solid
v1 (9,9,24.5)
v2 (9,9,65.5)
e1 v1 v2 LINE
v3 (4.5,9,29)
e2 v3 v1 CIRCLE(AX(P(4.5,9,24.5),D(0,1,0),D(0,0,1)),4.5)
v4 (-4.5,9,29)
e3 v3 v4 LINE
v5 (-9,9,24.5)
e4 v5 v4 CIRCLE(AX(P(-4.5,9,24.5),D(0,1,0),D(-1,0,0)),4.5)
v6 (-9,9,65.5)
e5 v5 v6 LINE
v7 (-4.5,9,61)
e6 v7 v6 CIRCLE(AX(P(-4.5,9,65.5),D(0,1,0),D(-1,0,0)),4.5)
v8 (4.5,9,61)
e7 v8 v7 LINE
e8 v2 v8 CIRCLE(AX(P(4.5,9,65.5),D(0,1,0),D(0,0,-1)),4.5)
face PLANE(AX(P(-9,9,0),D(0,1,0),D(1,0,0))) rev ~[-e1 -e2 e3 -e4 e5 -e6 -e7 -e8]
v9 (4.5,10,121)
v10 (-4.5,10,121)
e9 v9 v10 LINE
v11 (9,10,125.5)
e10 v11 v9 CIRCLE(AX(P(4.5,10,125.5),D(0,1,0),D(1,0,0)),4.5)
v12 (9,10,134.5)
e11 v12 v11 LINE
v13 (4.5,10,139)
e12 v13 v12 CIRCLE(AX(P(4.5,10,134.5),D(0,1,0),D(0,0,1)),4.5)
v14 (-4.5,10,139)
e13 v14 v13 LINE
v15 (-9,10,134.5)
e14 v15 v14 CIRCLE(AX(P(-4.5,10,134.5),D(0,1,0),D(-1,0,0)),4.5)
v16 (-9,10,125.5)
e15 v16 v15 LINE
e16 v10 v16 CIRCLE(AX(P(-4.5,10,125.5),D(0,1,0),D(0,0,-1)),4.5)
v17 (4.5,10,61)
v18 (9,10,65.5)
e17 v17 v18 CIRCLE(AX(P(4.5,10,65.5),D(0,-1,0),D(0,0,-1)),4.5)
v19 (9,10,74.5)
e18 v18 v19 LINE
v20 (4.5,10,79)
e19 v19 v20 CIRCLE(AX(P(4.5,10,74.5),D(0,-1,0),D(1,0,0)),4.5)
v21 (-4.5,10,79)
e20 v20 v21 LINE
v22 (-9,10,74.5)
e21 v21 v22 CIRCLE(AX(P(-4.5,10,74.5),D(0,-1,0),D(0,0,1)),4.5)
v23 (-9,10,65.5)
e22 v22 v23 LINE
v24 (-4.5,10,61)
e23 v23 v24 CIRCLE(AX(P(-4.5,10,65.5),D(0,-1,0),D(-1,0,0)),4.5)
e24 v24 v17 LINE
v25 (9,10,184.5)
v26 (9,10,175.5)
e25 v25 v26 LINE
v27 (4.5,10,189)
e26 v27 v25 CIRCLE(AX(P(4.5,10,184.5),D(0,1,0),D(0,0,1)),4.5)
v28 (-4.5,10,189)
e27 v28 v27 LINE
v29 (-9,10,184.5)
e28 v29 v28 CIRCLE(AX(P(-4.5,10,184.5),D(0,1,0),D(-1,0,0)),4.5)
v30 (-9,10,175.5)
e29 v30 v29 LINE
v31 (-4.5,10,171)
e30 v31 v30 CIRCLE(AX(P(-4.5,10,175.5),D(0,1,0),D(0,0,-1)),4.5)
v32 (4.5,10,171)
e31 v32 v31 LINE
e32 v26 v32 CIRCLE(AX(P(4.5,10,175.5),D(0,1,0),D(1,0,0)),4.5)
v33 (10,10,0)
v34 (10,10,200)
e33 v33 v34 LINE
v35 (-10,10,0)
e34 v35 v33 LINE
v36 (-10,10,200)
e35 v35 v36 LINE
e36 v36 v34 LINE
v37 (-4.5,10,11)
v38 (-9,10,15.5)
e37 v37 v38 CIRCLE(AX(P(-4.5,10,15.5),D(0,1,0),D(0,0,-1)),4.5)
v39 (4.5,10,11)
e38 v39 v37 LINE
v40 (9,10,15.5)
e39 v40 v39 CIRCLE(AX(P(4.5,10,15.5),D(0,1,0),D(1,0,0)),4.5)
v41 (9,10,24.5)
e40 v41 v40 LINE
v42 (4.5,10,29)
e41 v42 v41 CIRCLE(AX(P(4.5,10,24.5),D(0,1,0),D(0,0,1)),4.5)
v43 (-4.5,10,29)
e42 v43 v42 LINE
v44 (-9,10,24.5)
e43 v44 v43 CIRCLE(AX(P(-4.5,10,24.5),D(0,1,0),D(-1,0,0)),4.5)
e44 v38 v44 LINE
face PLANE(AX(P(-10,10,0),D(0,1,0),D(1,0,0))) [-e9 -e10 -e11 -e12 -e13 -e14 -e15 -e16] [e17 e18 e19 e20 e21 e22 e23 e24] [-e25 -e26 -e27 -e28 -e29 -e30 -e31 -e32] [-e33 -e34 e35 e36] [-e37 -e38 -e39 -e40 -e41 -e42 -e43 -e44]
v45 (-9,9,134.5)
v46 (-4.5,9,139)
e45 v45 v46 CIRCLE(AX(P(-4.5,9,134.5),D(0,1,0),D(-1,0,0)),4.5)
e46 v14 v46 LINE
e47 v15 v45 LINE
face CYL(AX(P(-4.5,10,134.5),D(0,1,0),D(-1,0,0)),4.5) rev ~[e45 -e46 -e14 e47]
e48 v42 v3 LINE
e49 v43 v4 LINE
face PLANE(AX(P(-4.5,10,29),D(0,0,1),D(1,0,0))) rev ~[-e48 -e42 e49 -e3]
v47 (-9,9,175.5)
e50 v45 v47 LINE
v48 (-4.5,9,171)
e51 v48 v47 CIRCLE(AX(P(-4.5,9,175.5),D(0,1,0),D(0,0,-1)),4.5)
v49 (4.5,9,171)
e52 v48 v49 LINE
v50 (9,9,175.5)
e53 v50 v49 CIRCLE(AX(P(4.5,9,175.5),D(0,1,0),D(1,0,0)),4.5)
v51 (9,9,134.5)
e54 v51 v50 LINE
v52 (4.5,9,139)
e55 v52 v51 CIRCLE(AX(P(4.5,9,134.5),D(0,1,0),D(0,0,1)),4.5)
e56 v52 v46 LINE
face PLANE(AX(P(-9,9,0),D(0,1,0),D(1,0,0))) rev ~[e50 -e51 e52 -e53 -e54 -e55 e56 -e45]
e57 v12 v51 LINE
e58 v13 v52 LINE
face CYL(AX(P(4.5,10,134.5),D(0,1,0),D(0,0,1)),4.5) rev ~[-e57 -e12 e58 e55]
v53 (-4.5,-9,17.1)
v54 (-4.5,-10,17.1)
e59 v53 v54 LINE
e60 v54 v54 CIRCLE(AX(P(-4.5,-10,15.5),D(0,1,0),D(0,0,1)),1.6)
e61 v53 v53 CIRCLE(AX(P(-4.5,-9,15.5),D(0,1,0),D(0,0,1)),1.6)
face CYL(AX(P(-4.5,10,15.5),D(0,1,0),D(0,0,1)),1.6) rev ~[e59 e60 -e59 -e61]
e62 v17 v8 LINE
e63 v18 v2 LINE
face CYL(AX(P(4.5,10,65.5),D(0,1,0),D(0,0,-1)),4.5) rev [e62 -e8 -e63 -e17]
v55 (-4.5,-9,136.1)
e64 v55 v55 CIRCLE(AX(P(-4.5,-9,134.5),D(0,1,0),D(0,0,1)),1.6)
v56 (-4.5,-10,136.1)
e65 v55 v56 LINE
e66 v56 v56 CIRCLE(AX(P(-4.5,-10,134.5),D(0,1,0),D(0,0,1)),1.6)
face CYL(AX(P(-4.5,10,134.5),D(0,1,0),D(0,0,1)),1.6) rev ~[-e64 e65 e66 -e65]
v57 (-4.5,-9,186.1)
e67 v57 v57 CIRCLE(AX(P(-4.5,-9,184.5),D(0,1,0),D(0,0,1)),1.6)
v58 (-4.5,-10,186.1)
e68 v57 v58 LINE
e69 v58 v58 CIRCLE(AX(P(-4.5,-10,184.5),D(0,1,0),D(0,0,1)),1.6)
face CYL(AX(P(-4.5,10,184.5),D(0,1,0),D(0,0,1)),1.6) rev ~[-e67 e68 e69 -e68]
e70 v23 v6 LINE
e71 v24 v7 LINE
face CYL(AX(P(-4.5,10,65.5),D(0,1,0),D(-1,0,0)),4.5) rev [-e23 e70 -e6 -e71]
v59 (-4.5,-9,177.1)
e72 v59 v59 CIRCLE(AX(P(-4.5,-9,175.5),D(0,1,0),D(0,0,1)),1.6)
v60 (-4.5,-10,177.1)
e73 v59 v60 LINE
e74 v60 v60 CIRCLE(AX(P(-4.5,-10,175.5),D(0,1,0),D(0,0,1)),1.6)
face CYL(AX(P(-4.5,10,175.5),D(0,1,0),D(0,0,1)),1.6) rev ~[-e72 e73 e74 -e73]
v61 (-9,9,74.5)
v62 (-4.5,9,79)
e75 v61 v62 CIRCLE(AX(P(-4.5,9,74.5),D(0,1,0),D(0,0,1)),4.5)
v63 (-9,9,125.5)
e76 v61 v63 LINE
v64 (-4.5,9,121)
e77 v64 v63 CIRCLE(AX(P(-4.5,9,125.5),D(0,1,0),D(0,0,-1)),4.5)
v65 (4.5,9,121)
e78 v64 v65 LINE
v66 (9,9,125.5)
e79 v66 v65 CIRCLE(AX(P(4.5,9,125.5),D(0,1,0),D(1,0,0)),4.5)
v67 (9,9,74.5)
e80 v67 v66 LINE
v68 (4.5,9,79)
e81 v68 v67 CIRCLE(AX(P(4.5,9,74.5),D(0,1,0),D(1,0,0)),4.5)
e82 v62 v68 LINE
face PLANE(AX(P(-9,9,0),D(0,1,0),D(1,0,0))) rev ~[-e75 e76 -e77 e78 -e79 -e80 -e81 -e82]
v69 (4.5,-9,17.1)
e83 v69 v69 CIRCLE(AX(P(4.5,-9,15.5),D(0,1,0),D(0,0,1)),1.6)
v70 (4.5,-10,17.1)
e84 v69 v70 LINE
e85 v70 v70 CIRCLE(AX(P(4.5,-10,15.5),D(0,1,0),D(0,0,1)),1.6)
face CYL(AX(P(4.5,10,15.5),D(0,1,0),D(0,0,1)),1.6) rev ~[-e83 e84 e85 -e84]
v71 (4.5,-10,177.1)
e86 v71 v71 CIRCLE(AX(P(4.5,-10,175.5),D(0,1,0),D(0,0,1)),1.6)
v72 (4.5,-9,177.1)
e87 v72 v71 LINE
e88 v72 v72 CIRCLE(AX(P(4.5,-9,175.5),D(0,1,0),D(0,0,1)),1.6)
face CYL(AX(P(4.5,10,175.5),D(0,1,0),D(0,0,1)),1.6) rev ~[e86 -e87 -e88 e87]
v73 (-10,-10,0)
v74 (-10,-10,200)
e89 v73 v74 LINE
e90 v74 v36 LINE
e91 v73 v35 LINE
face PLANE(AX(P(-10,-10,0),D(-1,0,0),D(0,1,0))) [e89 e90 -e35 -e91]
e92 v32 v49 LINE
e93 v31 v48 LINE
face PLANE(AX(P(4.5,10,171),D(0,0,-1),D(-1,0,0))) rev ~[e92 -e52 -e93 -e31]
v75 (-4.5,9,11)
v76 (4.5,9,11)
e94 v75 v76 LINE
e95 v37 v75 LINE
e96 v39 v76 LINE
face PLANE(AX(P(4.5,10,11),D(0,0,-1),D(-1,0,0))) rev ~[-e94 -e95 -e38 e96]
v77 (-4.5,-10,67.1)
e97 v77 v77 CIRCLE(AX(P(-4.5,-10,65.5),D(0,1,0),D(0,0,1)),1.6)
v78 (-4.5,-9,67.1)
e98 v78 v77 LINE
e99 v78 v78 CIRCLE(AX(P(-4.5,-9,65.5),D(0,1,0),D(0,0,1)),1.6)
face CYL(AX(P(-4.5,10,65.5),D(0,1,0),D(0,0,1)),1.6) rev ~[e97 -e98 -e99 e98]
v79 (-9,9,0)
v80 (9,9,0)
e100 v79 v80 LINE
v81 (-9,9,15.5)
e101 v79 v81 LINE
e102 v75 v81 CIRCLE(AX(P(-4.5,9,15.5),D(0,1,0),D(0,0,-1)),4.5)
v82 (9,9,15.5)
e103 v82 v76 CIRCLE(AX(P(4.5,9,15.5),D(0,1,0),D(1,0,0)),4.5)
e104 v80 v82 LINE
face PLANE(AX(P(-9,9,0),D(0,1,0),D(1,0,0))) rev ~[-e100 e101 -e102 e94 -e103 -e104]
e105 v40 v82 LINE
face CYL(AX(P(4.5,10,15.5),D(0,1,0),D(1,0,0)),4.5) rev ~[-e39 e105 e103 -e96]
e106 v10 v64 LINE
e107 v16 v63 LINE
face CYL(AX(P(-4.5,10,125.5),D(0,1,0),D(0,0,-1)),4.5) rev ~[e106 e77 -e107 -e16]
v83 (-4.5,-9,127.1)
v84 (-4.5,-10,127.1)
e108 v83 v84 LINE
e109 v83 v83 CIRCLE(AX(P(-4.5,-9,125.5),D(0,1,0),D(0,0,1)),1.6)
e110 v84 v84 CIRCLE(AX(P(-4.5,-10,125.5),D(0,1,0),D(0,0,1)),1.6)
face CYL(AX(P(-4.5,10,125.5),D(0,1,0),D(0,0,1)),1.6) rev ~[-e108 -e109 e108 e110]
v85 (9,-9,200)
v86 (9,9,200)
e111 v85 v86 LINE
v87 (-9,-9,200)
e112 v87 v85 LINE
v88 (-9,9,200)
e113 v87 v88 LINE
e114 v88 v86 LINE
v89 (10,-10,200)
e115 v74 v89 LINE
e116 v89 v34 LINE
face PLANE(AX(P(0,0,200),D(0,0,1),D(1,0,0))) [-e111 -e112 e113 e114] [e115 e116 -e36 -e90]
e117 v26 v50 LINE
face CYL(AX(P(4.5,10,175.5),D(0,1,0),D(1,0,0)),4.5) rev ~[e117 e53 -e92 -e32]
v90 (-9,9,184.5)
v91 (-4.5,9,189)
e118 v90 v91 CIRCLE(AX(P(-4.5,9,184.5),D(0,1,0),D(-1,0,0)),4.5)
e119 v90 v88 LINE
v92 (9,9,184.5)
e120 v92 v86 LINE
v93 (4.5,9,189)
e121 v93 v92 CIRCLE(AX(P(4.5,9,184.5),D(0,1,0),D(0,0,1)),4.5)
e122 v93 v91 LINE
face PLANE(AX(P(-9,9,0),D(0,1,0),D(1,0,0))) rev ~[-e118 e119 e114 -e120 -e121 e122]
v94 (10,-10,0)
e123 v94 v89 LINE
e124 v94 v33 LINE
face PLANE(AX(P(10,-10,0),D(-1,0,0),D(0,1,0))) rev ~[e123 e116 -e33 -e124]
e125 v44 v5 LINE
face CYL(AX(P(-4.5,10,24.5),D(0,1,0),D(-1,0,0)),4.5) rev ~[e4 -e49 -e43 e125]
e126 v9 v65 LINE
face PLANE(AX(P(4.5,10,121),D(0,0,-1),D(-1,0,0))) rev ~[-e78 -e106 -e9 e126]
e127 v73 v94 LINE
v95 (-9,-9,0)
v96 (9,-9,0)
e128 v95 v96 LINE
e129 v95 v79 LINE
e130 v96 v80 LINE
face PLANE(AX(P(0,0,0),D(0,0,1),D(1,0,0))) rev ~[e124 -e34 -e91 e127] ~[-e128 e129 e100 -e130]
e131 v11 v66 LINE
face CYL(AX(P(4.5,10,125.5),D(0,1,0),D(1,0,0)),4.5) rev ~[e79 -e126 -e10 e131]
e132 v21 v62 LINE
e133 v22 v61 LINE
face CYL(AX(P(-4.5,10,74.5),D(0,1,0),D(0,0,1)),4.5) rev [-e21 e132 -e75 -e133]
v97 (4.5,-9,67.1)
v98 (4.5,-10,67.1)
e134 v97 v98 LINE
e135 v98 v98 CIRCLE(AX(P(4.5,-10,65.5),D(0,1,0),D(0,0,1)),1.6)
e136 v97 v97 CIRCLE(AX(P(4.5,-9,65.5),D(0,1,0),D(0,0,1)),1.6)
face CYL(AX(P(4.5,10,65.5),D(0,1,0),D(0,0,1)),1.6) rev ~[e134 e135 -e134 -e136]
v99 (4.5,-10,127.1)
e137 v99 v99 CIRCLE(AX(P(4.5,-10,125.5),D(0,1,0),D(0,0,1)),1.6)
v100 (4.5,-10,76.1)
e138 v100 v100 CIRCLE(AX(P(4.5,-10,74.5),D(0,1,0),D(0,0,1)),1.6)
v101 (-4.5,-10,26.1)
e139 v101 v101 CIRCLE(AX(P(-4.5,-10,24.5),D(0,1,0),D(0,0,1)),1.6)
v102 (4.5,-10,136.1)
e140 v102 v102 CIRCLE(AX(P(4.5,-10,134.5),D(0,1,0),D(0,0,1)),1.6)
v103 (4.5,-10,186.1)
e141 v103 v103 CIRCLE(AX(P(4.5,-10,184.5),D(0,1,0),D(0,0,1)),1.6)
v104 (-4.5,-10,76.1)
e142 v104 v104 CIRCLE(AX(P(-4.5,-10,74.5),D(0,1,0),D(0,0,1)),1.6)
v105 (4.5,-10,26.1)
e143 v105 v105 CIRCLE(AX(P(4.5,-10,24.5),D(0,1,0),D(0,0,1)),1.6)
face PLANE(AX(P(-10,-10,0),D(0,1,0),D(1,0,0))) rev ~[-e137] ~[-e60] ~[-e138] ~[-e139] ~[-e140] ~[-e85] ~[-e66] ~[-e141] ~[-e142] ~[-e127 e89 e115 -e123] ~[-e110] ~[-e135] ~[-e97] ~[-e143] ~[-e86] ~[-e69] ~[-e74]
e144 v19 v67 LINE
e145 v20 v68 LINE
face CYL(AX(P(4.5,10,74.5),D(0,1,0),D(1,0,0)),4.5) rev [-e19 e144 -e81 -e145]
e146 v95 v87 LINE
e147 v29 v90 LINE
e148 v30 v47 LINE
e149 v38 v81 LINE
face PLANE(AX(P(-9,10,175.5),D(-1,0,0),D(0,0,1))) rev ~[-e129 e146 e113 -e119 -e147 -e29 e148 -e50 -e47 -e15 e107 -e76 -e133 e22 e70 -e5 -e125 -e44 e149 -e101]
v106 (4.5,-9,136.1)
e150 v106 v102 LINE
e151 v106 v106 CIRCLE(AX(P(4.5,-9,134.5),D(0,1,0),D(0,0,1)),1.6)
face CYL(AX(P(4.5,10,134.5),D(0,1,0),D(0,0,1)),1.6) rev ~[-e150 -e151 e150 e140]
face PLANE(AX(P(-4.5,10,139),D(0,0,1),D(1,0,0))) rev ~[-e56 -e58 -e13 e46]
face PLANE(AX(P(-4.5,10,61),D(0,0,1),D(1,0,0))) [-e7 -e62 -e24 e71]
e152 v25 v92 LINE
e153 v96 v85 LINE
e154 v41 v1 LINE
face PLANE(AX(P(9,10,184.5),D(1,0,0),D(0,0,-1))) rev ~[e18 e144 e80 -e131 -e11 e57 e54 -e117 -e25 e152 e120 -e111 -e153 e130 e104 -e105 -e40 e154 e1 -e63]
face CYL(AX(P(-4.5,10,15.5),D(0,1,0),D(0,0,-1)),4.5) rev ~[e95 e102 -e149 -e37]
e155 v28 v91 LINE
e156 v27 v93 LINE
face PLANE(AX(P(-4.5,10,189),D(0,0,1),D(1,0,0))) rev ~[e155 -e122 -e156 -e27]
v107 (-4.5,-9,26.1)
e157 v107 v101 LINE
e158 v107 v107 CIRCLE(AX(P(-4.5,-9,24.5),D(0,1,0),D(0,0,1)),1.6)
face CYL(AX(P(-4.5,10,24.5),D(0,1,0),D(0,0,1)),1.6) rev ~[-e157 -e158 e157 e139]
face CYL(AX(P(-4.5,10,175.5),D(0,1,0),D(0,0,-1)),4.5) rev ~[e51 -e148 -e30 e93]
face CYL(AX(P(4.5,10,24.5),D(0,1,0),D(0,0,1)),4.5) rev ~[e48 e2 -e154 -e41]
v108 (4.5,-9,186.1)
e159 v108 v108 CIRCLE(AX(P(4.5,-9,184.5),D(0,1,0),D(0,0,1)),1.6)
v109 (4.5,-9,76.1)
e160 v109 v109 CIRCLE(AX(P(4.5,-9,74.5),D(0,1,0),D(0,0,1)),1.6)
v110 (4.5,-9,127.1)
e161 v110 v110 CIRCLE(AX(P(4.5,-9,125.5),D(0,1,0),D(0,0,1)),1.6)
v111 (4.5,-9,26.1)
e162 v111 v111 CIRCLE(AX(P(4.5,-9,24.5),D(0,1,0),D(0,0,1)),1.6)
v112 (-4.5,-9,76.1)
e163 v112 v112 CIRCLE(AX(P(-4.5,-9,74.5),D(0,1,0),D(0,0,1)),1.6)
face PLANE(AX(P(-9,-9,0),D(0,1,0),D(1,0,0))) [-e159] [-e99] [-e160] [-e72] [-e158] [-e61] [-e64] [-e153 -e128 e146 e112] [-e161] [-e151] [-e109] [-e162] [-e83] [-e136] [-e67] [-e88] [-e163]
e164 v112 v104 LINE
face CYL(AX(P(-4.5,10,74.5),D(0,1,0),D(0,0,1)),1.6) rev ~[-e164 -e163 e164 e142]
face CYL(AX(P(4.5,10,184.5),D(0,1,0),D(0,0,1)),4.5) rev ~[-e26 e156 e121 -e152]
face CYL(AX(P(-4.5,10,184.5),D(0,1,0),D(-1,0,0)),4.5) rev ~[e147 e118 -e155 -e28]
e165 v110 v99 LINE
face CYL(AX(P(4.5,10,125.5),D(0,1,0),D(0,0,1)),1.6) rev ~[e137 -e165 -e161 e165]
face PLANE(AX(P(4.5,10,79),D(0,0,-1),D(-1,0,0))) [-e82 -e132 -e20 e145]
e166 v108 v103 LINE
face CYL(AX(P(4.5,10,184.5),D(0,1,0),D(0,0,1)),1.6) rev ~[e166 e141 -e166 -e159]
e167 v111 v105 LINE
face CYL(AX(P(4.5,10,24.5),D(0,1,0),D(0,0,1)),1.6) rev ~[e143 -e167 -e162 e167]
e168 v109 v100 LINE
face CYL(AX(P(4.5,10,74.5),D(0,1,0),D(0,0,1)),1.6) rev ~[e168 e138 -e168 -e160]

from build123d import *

# Parameters (mm, degrees)
SKETCH_1_W          = 20
SKETCH_1_H          = 20
SKETCH_1_W_2        = 18
SKETCH_1_H_2        = 18
EXTRUDE_1_DEPTH     = 200
SKETCH_3_R          = 1.6
CUT_EXTRUDE_1_DEPTH = 202.246117975
CUT_EXTRUDE_2_REACH = 203.246


with BuildPart() as part:
    # 草图1 → 凸台-拉伸1 (new body)
    with BuildSketch(Plane.XY):
        Rectangle(SKETCH_1_W, SKETCH_1_H)
        Rectangle(SKETCH_1_W_2, SKETCH_1_H_2, mode=Mode.SUBTRACT)
    extrude(amount=EXTRUDE_1_DEPTH)

    # 草图3 → 切除-拉伸1 (cut, through all)
    with BuildSketch(Plane(origin=(0, 10, 0), x_dir=(1, 0, 0), z_dir=(0, 1, 0))):
        with Locations(Location((-4.5, -134.5, 0), (0, 0, 270))):
            Circle(SKETCH_3_R)
        with Locations(Location((4.5, -134.5, 0), (0, 0, 270))):
            Circle(SKETCH_3_R)
        with Locations(Location((4.5, -125.5, 0), (0, 0, 270))):
            Circle(SKETCH_3_R)
        with Locations(Location((-4.5, -125.5, 0), (0, 0, 270))):
            Circle(SKETCH_3_R)
        with Locations(Location((4.5, -65.5, 0), (0, 0, 270))):
            Circle(SKETCH_3_R)
        with Locations(Location((4.5, -74.5, 0), (0, 0, 270))):
            Circle(SKETCH_3_R)
        with Locations(Location((-4.5, -74.5, 0), (0, 0, 270))):
            Circle(SKETCH_3_R)
        with Locations(Location((-4.5, -65.5, 0), (0, 0, 270))):
            Circle(SKETCH_3_R)
        with Locations(Location((-4.5, -184.5, 0), (0, 0, 270))):
            Circle(SKETCH_3_R)
        with Locations(Location((4.5, -184.5, 0), (0, 0, 270))):
            Circle(SKETCH_3_R)
        with Locations(Location((4.5, -175.5, 0), (0, 0, 270))):
            Circle(SKETCH_3_R)
        with Locations(Location((-4.5, -175.5, 0), (0, 0, 270))):
            Circle(SKETCH_3_R)
        with Locations(Location((-4.5, -24.5, 0), (0, 0, 270))):
            Circle(SKETCH_3_R)
        with Locations(Location((4.5, -24.5, 0), (0, 0, 270))):
            Circle(SKETCH_3_R)
        with Locations(Location((4.5, -15.5, 0), (0, 0, 270))):
            Circle(SKETCH_3_R)
        with Locations(Location((-4.5, -15.5, 0), (0, 0, 270))):
            Circle(SKETCH_3_R)
    extrude(amount=-CUT_EXTRUDE_1_DEPTH, mode=Mode.SUBTRACT)

    # 草图4 → 切除-拉伸2 (cut, up to next)
    with BuildSketch(Plane(origin=(0, 10, 0), x_dir=(1, 0, 0), z_dir=(0, 1, 0)), mode=Mode.PRIVATE) as cut_extrude_2_sk1:
        with BuildLine():
            Line((4.5, -11), (-4.5, -11))
            ThreePointArc((-4.5, -11), (-7.681980515, -12.318019485), (-9, -15.5))
            Line((-9, -15.5), (-9, -24.5))
            ThreePointArc((-9, -24.5), (-7.681980515, -27.681980515), (-4.5, -29))
            Line((-4.5, -29), (4.5, -29))
            ThreePointArc((4.5, -29), (7.681980515, -27.681980515), (9, -24.5))
            Line((9, -24.5), (9, -15.5))
            ThreePointArc((9, -15.5), (7.681980515, -12.318019485), (4.5, -11))
        make_face()
    cut_extrude_2_tool1 = extrude(cut_extrude_2_sk1.sketch, amount=-CUT_EXTRUDE_2_REACH, mode=Mode.PRIVATE) & part.part
    # 草图4 → 切除-拉伸2 (cut, up to next)
    with BuildSketch(Plane(origin=(0, 10, 0), x_dir=(1, 0, 0), z_dir=(0, 1, 0)), mode=Mode.PRIVATE) as cut_extrude_2_sk2:
        with BuildLine():
            Line((4.5, -79), (-4.5, -79))
            ThreePointArc((-4.5, -79), (-7.681980515, -77.681980515), (-9, -74.5))
            Line((-9, -74.5), (-9, -65.5))
            ThreePointArc((-9, -65.5), (-7.681980515, -62.318019485), (-4.5, -61))
            Line((-4.5, -61), (4.5, -61))
            ThreePointArc((4.5, -61), (7.681980515, -62.318019485), (9, -65.5))
            Line((9, -65.5), (9, -74.5))
            ThreePointArc((9, -74.5), (7.681980515, -77.681980515), (4.5, -79))
        make_face()
    cut_extrude_2_tool2 = extrude(cut_extrude_2_sk2.sketch, amount=-CUT_EXTRUDE_2_REACH, mode=Mode.PRIVATE) & part.part
    # 草图4 → 切除-拉伸2 (cut, up to next)
    with BuildSketch(Plane(origin=(0, 10, 0), x_dir=(1, 0, 0), z_dir=(0, 1, 0)), mode=Mode.PRIVATE) as cut_extrude_2_sk3:
        with BuildLine():
            Line((9, -134.5), (9, -125.5))
            ThreePointArc((9, -125.5), (7.681980515, -122.318019485), (4.5, -121))
            Line((4.5, -121), (-4.5, -121))
            ThreePointArc((-4.5, -121), (-7.681980515, -122.318019485), (-9, -125.5))
            Line((-9, -125.5), (-9, -134.5))
            ThreePointArc((-9, -134.5), (-7.681980515, -137.681980515), (-4.5, -139))
            Line((-4.5, -139), (4.5, -139))
            ThreePointArc((4.5, -139), (7.681980515, -137.681980515), (9, -134.5))
        make_face()
    cut_extrude_2_tool3 = extrude(cut_extrude_2_sk3.sketch, amount=-CUT_EXTRUDE_2_REACH, mode=Mode.PRIVATE) & part.part
    # 草图4 → 切除-拉伸2 (cut, up to next)
    with BuildSketch(Plane(origin=(0, 10, 0), x_dir=(1, 0, 0), z_dir=(0, 1, 0)), mode=Mode.PRIVATE) as cut_extrude_2_sk4:
        with BuildLine():
            Line((9, -184.5), (9, -175.5))
            ThreePointArc((9, -175.5), (7.681980515, -172.318019485), (4.5, -171))
            Line((4.5, -171), (-4.5, -171))
            ThreePointArc((-4.5, -171), (-7.681980515, -172.318019485), (-9, -175.5))
            Line((-9, -175.5), (-9, -184.5))
            ThreePointArc((-9, -184.5), (-7.681980515, -187.681980515), (-4.5, -189))
            Line((-4.5, -189), (4.5, -189))
            ThreePointArc((4.5, -189), (7.681980515, -187.681980515), (9, -184.5))
        make_face()
    cut_extrude_2_tool4 = extrude(cut_extrude_2_sk4.sketch, amount=-CUT_EXTRUDE_2_REACH, mode=Mode.PRIVATE) & part.part
    add(cut_extrude_2_tool1.solids().sort_by_distance((0, 10, 20))[0], mode=Mode.SUBTRACT)
    add(cut_extrude_2_tool2.solids().sort_by_distance((0, 10, 70))[0], mode=Mode.SUBTRACT)
    add(cut_extrude_2_tool3.solids().sort_by_distance((0, 10, 130))[0], mode=Mode.SUBTRACT)
    add(cut_extrude_2_tool4.solids().sort_by_distance((0, 10, 180))[0], mode=Mode.SUBTRACT)


solid = part.part
